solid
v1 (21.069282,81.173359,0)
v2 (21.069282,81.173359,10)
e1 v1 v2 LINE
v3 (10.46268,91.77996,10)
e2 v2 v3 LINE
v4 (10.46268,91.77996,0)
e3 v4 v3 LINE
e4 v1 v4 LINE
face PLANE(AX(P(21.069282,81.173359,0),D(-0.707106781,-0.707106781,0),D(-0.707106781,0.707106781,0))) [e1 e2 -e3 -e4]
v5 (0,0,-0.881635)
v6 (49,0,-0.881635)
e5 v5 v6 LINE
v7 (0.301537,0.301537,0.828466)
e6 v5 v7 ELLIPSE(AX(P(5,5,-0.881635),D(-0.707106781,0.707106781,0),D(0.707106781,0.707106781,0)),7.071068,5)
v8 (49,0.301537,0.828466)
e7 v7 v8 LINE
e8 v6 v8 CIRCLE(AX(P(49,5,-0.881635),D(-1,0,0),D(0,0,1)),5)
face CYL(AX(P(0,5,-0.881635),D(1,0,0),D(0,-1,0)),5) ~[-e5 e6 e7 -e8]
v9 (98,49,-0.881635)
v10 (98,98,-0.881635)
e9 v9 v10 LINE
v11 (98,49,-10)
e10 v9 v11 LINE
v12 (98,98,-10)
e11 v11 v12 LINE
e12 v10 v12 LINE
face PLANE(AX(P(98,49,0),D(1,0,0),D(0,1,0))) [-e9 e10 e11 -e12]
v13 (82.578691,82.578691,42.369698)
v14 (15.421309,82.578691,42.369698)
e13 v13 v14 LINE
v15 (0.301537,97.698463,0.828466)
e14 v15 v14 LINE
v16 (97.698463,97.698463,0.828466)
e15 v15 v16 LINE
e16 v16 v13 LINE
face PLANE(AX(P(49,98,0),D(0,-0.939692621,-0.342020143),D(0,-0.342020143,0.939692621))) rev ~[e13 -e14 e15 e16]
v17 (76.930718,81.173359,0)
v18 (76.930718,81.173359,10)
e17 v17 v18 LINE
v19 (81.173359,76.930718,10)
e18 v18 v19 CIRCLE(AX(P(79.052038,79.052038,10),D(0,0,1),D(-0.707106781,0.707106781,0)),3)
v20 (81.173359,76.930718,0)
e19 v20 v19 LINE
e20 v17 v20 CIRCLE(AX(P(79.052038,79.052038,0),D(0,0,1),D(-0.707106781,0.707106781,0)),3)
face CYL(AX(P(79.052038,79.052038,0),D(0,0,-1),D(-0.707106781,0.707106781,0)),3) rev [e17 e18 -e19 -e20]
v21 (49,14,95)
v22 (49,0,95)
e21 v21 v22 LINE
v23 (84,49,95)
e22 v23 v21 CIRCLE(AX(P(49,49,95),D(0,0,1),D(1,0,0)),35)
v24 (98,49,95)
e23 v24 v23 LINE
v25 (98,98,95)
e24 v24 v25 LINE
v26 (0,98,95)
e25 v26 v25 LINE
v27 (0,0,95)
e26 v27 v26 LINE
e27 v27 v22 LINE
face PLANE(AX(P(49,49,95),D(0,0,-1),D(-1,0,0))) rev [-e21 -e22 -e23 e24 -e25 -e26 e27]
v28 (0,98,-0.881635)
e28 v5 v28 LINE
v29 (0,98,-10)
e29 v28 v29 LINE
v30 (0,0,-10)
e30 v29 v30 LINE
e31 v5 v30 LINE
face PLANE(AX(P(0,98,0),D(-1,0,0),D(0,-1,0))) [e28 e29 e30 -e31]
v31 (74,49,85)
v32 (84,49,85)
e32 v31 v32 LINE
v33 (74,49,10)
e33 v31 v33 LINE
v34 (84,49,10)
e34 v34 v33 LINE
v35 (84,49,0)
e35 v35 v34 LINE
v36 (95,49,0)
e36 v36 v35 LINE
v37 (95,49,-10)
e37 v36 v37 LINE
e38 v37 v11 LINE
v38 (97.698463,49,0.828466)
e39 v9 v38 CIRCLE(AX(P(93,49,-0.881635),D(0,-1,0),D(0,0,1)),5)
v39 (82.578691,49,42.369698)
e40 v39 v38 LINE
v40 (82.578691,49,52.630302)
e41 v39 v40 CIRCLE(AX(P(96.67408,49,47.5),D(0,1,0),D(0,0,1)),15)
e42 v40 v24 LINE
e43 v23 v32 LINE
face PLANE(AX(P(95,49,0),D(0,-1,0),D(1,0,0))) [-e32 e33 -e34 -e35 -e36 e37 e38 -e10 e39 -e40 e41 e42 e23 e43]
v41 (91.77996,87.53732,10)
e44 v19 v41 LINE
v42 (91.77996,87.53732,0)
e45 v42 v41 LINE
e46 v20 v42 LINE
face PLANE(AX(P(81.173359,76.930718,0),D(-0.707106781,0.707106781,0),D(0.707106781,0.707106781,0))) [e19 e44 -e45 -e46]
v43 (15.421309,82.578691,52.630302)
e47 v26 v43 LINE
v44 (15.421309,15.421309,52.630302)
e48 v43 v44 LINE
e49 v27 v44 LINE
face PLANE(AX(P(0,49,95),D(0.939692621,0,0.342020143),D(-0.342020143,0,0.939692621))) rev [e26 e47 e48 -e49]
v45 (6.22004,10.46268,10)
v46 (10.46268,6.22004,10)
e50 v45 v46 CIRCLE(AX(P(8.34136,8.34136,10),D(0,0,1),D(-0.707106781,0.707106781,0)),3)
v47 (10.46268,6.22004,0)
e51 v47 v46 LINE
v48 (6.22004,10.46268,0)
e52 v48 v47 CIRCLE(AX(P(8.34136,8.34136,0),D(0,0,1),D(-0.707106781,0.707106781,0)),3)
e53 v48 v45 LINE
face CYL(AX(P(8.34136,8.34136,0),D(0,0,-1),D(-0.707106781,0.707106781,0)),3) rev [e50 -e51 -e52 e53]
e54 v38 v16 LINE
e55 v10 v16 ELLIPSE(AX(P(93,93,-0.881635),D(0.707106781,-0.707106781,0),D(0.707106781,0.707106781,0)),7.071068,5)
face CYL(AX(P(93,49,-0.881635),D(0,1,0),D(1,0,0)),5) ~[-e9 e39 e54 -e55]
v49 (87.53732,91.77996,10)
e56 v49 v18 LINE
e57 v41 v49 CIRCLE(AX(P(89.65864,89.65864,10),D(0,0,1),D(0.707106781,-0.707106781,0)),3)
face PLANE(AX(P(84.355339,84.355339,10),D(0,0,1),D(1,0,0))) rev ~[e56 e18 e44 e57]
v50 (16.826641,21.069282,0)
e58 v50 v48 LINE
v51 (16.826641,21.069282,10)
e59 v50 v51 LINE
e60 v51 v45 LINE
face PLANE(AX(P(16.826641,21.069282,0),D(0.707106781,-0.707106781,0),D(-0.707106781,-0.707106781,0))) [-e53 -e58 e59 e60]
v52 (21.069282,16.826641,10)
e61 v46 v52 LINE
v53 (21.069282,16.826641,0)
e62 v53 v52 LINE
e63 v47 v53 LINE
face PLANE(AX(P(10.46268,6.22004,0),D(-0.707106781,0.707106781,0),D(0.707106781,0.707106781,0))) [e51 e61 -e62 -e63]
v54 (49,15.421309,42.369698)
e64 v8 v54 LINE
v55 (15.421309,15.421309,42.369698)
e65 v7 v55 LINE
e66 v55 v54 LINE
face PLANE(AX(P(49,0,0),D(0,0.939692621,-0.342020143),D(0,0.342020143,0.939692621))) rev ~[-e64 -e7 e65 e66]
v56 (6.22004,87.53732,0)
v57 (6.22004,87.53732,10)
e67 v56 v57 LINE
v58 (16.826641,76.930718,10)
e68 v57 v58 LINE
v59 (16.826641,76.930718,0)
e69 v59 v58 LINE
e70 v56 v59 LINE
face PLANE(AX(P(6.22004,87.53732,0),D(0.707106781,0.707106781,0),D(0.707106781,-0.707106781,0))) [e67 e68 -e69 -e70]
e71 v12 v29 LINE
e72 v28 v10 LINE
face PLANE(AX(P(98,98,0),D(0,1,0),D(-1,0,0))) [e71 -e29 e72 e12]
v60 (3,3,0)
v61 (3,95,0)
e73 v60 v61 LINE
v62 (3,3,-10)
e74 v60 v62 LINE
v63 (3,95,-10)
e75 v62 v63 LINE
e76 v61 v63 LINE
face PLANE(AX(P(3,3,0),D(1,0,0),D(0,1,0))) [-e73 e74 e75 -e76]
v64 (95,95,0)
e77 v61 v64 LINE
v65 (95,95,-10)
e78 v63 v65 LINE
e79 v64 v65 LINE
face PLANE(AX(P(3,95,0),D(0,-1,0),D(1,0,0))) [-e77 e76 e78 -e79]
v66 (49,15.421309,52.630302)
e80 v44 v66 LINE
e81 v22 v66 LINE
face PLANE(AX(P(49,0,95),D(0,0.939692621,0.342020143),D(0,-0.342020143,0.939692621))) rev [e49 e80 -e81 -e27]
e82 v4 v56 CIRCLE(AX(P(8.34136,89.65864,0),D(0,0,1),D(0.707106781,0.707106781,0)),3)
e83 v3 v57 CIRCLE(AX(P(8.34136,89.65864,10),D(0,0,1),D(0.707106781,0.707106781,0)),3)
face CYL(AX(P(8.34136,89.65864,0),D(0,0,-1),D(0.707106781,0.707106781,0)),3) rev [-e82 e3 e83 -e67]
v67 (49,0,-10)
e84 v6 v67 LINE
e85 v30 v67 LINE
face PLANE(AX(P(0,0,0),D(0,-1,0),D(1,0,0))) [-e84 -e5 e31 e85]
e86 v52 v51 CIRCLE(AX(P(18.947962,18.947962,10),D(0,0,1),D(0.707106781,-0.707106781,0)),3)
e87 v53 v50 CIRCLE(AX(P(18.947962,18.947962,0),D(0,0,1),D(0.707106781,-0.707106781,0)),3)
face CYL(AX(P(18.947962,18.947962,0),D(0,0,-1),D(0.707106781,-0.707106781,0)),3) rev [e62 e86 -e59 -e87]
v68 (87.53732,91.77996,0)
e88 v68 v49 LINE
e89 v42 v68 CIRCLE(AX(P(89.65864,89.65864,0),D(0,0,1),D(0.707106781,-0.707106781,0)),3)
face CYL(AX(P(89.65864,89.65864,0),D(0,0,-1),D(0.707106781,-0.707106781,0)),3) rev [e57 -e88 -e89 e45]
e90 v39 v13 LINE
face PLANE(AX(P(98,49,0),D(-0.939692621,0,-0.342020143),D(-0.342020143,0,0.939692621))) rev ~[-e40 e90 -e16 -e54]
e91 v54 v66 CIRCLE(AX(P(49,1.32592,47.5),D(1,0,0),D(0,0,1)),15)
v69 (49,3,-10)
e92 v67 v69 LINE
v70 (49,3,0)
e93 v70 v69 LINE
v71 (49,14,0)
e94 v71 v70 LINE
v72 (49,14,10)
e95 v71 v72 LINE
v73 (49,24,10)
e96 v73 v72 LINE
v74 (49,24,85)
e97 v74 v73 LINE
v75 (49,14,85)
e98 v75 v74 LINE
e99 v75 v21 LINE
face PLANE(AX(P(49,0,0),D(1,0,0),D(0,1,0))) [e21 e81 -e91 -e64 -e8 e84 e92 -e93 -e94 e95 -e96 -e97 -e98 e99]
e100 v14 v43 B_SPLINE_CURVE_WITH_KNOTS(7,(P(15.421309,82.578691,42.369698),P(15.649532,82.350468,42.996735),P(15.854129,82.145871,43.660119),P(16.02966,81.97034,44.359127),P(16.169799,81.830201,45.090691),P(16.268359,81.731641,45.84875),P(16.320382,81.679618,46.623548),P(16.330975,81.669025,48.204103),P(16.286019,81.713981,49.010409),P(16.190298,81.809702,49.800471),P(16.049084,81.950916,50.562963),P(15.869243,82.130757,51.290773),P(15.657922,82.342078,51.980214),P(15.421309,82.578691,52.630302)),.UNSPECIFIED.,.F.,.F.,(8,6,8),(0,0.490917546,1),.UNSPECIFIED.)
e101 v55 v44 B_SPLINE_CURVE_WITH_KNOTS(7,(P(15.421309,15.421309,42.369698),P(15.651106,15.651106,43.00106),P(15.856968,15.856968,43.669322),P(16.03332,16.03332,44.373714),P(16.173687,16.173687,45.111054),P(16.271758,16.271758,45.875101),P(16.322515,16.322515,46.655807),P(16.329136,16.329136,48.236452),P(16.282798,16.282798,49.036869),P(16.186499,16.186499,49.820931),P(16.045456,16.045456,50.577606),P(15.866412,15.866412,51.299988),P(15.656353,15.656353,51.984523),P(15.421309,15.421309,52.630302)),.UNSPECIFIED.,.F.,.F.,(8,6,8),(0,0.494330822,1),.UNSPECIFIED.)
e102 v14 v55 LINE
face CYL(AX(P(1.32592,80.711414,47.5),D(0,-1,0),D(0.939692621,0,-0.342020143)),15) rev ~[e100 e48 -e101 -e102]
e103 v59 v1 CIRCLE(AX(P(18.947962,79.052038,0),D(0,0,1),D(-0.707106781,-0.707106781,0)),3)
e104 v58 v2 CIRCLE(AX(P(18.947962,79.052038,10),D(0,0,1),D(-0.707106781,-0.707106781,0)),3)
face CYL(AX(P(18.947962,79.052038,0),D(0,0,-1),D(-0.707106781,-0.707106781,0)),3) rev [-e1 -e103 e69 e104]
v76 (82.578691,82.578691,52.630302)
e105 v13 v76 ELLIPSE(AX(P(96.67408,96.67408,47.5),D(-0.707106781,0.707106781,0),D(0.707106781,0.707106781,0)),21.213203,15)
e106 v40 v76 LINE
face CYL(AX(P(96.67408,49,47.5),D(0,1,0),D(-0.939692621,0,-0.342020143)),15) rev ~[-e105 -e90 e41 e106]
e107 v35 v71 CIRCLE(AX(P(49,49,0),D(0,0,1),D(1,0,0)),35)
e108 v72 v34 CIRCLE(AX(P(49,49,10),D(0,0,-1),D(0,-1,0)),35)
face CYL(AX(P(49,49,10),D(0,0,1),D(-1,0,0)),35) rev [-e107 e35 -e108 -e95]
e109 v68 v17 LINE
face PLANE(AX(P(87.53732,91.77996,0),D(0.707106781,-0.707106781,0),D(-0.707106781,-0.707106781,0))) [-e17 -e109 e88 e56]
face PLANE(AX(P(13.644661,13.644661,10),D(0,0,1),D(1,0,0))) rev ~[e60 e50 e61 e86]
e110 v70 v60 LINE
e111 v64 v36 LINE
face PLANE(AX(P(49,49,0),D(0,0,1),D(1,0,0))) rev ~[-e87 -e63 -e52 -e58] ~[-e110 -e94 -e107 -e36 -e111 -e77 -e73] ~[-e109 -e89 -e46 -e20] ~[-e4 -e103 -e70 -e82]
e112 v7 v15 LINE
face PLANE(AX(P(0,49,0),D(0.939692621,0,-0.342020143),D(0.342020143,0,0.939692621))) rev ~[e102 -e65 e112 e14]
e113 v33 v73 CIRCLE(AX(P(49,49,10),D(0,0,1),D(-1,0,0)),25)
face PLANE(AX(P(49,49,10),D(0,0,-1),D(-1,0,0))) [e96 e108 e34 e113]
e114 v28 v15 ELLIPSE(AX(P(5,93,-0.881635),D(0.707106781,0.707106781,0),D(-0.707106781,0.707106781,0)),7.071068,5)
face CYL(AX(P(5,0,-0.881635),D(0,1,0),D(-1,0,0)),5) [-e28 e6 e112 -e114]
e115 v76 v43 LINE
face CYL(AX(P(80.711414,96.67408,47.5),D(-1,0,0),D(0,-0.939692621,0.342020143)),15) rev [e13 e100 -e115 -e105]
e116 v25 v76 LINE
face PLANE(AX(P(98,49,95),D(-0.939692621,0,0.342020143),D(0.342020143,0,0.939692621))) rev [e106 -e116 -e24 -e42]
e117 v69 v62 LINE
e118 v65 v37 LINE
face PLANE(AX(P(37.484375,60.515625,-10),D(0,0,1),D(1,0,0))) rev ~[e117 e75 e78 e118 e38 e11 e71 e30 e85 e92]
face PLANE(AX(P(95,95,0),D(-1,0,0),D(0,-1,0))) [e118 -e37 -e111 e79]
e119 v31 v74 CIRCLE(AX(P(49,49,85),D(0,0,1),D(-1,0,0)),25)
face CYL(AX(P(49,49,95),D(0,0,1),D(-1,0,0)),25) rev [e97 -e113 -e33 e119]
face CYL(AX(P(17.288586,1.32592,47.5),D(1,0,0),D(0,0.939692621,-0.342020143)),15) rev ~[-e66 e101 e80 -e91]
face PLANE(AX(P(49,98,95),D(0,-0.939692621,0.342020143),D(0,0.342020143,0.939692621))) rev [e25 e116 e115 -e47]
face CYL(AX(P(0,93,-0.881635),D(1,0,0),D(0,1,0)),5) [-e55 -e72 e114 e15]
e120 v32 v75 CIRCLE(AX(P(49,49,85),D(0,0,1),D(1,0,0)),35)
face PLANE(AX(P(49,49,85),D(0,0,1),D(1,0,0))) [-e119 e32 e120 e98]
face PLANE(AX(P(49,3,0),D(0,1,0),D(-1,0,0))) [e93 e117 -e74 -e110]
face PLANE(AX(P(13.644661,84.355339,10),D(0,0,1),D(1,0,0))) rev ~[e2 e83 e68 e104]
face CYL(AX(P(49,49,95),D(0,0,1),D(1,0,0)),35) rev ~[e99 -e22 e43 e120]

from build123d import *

# Parameters (mm, degrees)
ESQUISSE1_W             = 98
ESQUISSE1_H             = 98
BOSS_EXTRU_1_DEPTH      = 47.5
BOSS_EXTRU_1_TAPER      = 20
ESQUISSE2_R             = 25
ENL_V_MAT_EXTRU_1_DEPTH = 147.50682578
ENL_V_MAT_EXTRU_4_DEPTH = 169.026783579
CONG_1_R                = 15
ESQUISSE4_R             = 35
ENL_V_MAT_EXTRU_5_DEPTH = 10
ENL_V_START             = -10
ESQUISSE5_R             = 35
ENL_V_MAT_EXTRU_6_DEPTH = 10
BOSS_EXTRU_2_DEPTH      = 10
CONG_2_R                = 5
ENL_V_MAT_EXTRU_7_DEPTH = 10


with BuildPart() as part:
    # Esquisse1 → Boss.-Extru.1 (new body)
    with BuildSketch(Plane.XY):
        with Locations((49, 49)):
            Rectangle(ESQUISSE1_W, ESQUISSE1_H)
    boss_extru_1 = extrude(amount=BOSS_EXTRU_1_DEPTH, taper=BOSS_EXTRU_1_TAPER)

    # Esquisse2 → Enlèv. mat.-Extru.1 (cut, through all)
    with BuildSketch(Plane(origin=(0, 0, 0), x_dir=(-1, 0, 0), z_dir=(0, 0, -1))):
        with Locations((-49, 49)):
            Circle(ESQUISSE2_R)
    enl_v_mat_extru_1 = extrude(amount=-ENL_V_MAT_EXTRU_1_DEPTH, mode=Mode.SUBTRACT)

    # Symétrie1: Boss.-Extru.1, Enlèv. mat.-Extru.1 across plane
    add(boss_extru_1.mirror(Plane.XY.offset(47.5)))
    add(enl_v_mat_extru_1.mirror(Plane.XY.offset(47.5)), mode=Mode.SUBTRACT)

    # Esquisse3 → Enlèv. mat.-Extru.4 (cut, through all)
    with BuildSketch(Plane.XY.offset(95)):
        with BuildLine():
            ThreePointArc((74, 49), (66.67766953, 31.32233047), (49, 24))
            Line((49, 24), (49, 0))
            Line((49, 0), (98, 0))
            Line((98, 0), (98, 49))
            Line((98, 49), (74, 49))
        make_face()
    extrude(amount=-ENL_V_MAT_EXTRU_4_DEPTH, mode=Mode.SUBTRACT)

    # Congé1
    cong_1_edges = [part.edges().sort_by_distance(p)[0] for p in [
        (33.144293064, 17.288586128, 47.5),
        (17.288586128, 49, 47.5),
        (80.711413872, 64.855706936, 47.5),
        (49, 80.711413872, 47.5),
    ]]
    fillet(cong_1_edges, radius=CONG_1_R)

    # Esquisse4 → Enlèv. mat.-Extru.5 (cut)
    with BuildSketch(Plane.XY.offset(95)):
        with Locations((49, 49)):
            Circle(ESQUISSE4_R)
    extrude(amount=-ENL_V_MAT_EXTRU_5_DEPTH, mode=Mode.SUBTRACT)

    # Esquisse5 → Enlèv. mat.-Extru.6 (cut)
    with BuildSketch(Plane(origin=(0, 0, 0), x_dir=(-1, 0, 0), z_dir=(0, 0, -1)).offset(ENL_V_START)):
        with Locations((-49, 49)):
            Circle(ESQUISSE5_R)
    extrude(amount=ENL_V_MAT_EXTRU_6_DEPTH, mode=Mode.SUBTRACT)

    # Esquisse6 → Boss.-Extru.2 (add)
    with BuildSketch(Plane(origin=(0, 0, 0), x_dir=(-1, 0, 0), z_dir=(0, 0, -1))):
        Polygon((-98, 49), (-98, 98), (0, 98), (0, 0), (-49, 0), (-49, 3), (-3, 3), (-3, 95), (-95, 95), (-95, 49), align=None)
    extrude(amount=BOSS_EXTRU_2_DEPTH)

    # Congé2
    cong_2_edges = [part.edges().sort_by_distance(p)[0] for p in [
        (98, 73.5, 0),
        (0, 49, 0),
        (24.5, 0, 0),
        (49, 98, 0),
    ]]
    fillet(cong_2_edges, radius=CONG_2_R)

    # Esquisse7 → Enlèv. mat.-Extru.7 (cut)
    with BuildSketch(Plane(origin=(0, 0, 0), x_dir=(-1, 0, 0), z_dir=(0, 0, -1))):
        with BuildLine():
            Line((-87.537319575, 91.779960262), (-76.930717857, 81.173358544))
            ThreePointArc((-76.930717857, 81.173358544), (-76.930717857, 76.930717857), (-81.173358544, 76.930717857))
            Line((-81.173358544, 76.930717857), (-91.779960262, 87.537319575))
            ThreePointArc((-91.779960262, 87.537319575), (-91.779960262, 91.779960262), (-87.537319575, 91.779960262))
        make_face()
        with BuildLine():
            Line((-6.220039738, 87.537319575), (-16.826641456, 76.930717857))
            ThreePointArc((-16.826641456, 76.930717857), (-21.069282143, 76.930717857), (-21.069282143, 81.173358544))
            Line((-21.069282143, 81.173358544), (-10.462680425, 91.779960262))
            ThreePointArc((-10.462680425, 91.779960262), (-6.220039738, 91.779960262), (-6.220039738, 87.537319575))
        make_face()
        with BuildLine():
            Line((-10.462680425, 6.220039738), (-21.069282143, 16.826641456))
            ThreePointArc((-21.069282143, 16.826641456), (-21.069282143, 21.069282143), (-16.826641456, 21.069282143))
            Line((-16.826641456, 21.069282143), (-6.220039738, 10.462680425))
            ThreePointArc((-6.220039738, 10.462680425), (-6.220039738, 6.220039738), (-10.462680425, 6.220039738))
        make_face()
    extrude(amount=-ENL_V_MAT_EXTRU_7_DEPTH, mode=Mode.SUBTRACT)


solid = part.part
